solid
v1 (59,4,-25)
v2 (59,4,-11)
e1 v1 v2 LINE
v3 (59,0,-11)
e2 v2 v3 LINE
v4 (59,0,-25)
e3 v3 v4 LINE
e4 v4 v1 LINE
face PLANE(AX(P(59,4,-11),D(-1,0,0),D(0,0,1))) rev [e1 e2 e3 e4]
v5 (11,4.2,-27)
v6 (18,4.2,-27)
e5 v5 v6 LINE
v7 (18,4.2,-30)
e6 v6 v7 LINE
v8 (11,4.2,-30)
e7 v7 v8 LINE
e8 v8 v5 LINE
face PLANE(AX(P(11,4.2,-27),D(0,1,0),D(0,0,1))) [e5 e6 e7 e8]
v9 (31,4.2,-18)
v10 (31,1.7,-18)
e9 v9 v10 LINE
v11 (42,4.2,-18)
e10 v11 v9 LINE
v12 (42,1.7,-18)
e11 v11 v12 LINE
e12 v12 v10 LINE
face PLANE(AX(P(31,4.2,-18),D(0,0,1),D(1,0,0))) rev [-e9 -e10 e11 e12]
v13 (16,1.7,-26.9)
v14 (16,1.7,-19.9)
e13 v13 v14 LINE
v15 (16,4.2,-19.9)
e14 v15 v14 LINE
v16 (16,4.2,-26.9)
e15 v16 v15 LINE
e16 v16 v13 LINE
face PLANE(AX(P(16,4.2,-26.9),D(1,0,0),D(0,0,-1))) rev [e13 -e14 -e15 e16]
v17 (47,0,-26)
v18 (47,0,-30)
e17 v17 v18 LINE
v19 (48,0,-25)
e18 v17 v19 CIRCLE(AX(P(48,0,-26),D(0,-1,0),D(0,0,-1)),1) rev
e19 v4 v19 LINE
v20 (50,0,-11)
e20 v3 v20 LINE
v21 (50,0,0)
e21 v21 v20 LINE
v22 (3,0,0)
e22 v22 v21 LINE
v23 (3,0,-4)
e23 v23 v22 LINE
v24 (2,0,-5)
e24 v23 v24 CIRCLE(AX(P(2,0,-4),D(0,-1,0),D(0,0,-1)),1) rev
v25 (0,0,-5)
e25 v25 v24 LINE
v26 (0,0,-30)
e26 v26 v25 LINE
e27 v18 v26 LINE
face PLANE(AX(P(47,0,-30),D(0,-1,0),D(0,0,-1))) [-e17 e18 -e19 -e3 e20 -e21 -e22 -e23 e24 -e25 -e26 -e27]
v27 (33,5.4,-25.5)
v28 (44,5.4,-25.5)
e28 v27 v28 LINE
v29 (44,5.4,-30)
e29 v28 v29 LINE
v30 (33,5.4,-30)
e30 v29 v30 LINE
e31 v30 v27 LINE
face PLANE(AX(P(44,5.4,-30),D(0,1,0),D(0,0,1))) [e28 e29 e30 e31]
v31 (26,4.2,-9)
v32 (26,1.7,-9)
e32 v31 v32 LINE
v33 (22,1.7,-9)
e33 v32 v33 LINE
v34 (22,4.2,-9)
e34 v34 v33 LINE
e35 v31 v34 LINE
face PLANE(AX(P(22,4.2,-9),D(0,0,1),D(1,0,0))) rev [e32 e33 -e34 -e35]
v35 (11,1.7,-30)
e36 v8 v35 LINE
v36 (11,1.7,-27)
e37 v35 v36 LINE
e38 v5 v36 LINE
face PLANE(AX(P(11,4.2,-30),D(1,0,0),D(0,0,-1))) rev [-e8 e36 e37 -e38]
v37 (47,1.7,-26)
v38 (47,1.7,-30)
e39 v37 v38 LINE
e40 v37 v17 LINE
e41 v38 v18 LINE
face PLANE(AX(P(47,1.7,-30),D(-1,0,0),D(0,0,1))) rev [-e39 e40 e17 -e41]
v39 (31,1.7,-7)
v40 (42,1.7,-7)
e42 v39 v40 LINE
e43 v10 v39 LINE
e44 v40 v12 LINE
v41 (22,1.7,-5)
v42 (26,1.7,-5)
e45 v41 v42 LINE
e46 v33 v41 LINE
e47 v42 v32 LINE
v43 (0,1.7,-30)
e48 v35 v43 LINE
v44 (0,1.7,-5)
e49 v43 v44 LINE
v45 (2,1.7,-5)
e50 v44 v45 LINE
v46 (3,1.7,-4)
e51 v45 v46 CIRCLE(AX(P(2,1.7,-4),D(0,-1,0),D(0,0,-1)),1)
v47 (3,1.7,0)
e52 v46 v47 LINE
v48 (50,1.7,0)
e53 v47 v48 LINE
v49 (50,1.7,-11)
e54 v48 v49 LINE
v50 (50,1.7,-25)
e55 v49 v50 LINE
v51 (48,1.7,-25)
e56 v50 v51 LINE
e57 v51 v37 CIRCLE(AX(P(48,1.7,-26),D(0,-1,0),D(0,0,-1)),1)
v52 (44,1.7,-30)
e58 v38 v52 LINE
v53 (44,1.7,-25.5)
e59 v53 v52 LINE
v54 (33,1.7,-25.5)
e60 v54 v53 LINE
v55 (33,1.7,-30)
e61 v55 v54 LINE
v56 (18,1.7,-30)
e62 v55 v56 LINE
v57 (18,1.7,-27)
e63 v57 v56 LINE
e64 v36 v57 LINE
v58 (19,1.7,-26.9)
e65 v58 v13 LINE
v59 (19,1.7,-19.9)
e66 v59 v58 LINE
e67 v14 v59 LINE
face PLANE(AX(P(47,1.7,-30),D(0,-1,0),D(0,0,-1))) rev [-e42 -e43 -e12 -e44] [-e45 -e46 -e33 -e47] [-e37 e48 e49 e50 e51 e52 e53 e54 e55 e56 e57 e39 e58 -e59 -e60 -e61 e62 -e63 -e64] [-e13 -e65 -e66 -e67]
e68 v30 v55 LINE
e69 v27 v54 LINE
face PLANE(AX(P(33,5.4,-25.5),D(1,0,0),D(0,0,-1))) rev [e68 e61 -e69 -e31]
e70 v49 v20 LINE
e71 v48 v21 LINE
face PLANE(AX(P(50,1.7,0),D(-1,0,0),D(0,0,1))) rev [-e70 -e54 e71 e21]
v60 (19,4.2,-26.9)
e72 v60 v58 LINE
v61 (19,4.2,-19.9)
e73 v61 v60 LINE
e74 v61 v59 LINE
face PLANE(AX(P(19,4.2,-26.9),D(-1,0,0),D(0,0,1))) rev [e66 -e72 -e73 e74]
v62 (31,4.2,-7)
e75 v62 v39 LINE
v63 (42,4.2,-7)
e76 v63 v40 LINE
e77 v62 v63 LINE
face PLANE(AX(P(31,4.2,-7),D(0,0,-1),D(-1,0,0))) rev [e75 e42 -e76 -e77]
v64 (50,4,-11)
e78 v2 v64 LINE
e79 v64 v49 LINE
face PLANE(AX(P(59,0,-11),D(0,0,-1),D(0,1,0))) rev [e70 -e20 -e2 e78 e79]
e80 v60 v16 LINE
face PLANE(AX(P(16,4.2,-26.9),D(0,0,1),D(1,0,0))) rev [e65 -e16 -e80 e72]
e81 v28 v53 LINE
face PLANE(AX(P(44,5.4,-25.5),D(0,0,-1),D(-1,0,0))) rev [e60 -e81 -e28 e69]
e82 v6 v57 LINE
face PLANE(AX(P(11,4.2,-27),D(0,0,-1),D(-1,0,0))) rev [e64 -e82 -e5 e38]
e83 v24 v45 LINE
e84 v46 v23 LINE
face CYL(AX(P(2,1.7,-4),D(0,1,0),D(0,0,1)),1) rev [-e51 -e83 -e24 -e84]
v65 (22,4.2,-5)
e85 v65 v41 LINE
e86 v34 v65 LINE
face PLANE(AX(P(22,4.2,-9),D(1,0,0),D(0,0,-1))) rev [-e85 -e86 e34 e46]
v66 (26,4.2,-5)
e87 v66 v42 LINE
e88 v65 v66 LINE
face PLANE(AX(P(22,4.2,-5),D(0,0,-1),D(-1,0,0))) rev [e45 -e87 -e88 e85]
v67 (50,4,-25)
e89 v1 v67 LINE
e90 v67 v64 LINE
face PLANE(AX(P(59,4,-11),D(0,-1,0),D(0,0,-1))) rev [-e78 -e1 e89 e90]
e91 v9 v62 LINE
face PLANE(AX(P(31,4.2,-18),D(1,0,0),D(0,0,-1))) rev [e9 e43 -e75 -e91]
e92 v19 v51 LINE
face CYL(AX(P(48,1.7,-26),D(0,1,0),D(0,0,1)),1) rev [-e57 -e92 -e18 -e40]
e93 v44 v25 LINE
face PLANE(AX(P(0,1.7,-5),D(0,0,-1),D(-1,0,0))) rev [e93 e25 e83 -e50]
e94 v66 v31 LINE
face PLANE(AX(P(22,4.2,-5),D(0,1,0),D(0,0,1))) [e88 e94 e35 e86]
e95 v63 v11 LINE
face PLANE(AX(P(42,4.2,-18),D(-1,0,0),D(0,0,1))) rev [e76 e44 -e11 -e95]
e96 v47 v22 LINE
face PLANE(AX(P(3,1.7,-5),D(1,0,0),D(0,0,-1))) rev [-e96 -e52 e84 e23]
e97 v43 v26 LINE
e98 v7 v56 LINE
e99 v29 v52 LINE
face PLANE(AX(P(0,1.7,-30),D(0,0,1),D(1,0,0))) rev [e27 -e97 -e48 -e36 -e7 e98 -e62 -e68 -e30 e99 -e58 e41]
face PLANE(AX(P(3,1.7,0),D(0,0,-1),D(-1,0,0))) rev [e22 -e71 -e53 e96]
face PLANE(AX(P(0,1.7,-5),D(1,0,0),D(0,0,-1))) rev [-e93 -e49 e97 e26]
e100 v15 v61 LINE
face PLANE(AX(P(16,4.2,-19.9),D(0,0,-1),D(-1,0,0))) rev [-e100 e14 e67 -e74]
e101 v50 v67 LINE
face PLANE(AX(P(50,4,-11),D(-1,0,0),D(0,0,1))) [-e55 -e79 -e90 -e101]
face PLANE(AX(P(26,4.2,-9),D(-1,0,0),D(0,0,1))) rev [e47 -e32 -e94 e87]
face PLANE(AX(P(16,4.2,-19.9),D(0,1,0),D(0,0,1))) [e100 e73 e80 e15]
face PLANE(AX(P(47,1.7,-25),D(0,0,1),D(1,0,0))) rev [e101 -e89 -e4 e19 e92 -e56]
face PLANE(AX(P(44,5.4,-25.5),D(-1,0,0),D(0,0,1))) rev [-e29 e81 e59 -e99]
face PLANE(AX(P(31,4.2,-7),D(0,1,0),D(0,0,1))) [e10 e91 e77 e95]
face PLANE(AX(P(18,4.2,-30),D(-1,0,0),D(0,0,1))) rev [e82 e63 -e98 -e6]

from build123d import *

# Parameters (mm, degrees)
BOSS_EXTRUDE2_DEPTH = 1.7
FILLET2_R           = 1
SKETCH2_W           = 7
SKETCH2_H           = 3
SKETCH2_W_2         = 3
SKETCH2_H_2         = 7
SKETCH2_W_3         = 4
SKETCH2_H_3         = 4
SKETCH2_W_4         = 11
SKETCH2_H_4         = 11
BOSS_EXTRUDE3_DEPTH = 2.5
SKETCH3_W           = 11
SKETCH3_H           = 4.5
BOSS_EXTRUDE4_DEPTH = 3.7
SKETCH4_W           = 14
SKETCH4_H           = 4
BOSS_EXTRUDE5_DEPTH = 9


with BuildPart() as part:
    # Sketch1 → Boss-Extrude2 (new body)
    with BuildSketch(Plane(origin=(0, 0, 0), x_dir=(1, 0, 0), z_dir=(0, 1, 0))):
        Polygon((0, 5), (3, 5), (3, 0), (50, 0), (50, 25), (47, 25), (47, 30), (0, 30), align=None)
    extrude(amount=BOSS_EXTRUDE2_DEPTH)

    # Fillet2
    fillet2_edges = [part.edges().sort_by_distance(p)[0] for p in [
        (47, 0.85, -25),
        (3, 0.85, -5),
    ]]
    fillet(fillet2_edges, radius=FILLET2_R)

    # Sketch2 → Boss-Extrude3 (add)
    with BuildSketch(Plane(origin=(0, 1.7, 0), x_dir=(1, 0, 0), z_dir=(0, 1, 0))):
        with Locations((14.5, 28.5)):
            Rectangle(SKETCH2_W, SKETCH2_H)
        with Locations((17.5, 23.4)):
            Rectangle(SKETCH2_W_2, SKETCH2_H_2)
        with Locations((24, 7)):
            Rectangle(SKETCH2_W_3, SKETCH2_H_3)
        with Locations((36.5, 12.5)):
            Rectangle(SKETCH2_W_4, SKETCH2_H_4)
    extrude(amount=BOSS_EXTRUDE3_DEPTH)

    # Sketch3 → Boss-Extrude4 (add)
    with BuildSketch(Plane(origin=(0, 1.7, -31.7), x_dir=(-1, 0, 0), z_dir=(0, 1, 0))):
        with Locations((-38.5, 3.95)):
            Rectangle(SKETCH3_W, SKETCH3_H)
    extrude(amount=BOSS_EXTRUDE4_DEPTH)

    # Sketch4 → Boss-Extrude5 (add)
    with BuildSketch(Plane(origin=(50, 0, 0), x_dir=(0, 0, -1), z_dir=(1, 0, 0))):
        with Locations((18, 2)):
            Rectangle(SKETCH4_W, SKETCH4_H)
    extrude(amount=BOSS_EXTRUDE5_DEPTH)


solid = part.part
